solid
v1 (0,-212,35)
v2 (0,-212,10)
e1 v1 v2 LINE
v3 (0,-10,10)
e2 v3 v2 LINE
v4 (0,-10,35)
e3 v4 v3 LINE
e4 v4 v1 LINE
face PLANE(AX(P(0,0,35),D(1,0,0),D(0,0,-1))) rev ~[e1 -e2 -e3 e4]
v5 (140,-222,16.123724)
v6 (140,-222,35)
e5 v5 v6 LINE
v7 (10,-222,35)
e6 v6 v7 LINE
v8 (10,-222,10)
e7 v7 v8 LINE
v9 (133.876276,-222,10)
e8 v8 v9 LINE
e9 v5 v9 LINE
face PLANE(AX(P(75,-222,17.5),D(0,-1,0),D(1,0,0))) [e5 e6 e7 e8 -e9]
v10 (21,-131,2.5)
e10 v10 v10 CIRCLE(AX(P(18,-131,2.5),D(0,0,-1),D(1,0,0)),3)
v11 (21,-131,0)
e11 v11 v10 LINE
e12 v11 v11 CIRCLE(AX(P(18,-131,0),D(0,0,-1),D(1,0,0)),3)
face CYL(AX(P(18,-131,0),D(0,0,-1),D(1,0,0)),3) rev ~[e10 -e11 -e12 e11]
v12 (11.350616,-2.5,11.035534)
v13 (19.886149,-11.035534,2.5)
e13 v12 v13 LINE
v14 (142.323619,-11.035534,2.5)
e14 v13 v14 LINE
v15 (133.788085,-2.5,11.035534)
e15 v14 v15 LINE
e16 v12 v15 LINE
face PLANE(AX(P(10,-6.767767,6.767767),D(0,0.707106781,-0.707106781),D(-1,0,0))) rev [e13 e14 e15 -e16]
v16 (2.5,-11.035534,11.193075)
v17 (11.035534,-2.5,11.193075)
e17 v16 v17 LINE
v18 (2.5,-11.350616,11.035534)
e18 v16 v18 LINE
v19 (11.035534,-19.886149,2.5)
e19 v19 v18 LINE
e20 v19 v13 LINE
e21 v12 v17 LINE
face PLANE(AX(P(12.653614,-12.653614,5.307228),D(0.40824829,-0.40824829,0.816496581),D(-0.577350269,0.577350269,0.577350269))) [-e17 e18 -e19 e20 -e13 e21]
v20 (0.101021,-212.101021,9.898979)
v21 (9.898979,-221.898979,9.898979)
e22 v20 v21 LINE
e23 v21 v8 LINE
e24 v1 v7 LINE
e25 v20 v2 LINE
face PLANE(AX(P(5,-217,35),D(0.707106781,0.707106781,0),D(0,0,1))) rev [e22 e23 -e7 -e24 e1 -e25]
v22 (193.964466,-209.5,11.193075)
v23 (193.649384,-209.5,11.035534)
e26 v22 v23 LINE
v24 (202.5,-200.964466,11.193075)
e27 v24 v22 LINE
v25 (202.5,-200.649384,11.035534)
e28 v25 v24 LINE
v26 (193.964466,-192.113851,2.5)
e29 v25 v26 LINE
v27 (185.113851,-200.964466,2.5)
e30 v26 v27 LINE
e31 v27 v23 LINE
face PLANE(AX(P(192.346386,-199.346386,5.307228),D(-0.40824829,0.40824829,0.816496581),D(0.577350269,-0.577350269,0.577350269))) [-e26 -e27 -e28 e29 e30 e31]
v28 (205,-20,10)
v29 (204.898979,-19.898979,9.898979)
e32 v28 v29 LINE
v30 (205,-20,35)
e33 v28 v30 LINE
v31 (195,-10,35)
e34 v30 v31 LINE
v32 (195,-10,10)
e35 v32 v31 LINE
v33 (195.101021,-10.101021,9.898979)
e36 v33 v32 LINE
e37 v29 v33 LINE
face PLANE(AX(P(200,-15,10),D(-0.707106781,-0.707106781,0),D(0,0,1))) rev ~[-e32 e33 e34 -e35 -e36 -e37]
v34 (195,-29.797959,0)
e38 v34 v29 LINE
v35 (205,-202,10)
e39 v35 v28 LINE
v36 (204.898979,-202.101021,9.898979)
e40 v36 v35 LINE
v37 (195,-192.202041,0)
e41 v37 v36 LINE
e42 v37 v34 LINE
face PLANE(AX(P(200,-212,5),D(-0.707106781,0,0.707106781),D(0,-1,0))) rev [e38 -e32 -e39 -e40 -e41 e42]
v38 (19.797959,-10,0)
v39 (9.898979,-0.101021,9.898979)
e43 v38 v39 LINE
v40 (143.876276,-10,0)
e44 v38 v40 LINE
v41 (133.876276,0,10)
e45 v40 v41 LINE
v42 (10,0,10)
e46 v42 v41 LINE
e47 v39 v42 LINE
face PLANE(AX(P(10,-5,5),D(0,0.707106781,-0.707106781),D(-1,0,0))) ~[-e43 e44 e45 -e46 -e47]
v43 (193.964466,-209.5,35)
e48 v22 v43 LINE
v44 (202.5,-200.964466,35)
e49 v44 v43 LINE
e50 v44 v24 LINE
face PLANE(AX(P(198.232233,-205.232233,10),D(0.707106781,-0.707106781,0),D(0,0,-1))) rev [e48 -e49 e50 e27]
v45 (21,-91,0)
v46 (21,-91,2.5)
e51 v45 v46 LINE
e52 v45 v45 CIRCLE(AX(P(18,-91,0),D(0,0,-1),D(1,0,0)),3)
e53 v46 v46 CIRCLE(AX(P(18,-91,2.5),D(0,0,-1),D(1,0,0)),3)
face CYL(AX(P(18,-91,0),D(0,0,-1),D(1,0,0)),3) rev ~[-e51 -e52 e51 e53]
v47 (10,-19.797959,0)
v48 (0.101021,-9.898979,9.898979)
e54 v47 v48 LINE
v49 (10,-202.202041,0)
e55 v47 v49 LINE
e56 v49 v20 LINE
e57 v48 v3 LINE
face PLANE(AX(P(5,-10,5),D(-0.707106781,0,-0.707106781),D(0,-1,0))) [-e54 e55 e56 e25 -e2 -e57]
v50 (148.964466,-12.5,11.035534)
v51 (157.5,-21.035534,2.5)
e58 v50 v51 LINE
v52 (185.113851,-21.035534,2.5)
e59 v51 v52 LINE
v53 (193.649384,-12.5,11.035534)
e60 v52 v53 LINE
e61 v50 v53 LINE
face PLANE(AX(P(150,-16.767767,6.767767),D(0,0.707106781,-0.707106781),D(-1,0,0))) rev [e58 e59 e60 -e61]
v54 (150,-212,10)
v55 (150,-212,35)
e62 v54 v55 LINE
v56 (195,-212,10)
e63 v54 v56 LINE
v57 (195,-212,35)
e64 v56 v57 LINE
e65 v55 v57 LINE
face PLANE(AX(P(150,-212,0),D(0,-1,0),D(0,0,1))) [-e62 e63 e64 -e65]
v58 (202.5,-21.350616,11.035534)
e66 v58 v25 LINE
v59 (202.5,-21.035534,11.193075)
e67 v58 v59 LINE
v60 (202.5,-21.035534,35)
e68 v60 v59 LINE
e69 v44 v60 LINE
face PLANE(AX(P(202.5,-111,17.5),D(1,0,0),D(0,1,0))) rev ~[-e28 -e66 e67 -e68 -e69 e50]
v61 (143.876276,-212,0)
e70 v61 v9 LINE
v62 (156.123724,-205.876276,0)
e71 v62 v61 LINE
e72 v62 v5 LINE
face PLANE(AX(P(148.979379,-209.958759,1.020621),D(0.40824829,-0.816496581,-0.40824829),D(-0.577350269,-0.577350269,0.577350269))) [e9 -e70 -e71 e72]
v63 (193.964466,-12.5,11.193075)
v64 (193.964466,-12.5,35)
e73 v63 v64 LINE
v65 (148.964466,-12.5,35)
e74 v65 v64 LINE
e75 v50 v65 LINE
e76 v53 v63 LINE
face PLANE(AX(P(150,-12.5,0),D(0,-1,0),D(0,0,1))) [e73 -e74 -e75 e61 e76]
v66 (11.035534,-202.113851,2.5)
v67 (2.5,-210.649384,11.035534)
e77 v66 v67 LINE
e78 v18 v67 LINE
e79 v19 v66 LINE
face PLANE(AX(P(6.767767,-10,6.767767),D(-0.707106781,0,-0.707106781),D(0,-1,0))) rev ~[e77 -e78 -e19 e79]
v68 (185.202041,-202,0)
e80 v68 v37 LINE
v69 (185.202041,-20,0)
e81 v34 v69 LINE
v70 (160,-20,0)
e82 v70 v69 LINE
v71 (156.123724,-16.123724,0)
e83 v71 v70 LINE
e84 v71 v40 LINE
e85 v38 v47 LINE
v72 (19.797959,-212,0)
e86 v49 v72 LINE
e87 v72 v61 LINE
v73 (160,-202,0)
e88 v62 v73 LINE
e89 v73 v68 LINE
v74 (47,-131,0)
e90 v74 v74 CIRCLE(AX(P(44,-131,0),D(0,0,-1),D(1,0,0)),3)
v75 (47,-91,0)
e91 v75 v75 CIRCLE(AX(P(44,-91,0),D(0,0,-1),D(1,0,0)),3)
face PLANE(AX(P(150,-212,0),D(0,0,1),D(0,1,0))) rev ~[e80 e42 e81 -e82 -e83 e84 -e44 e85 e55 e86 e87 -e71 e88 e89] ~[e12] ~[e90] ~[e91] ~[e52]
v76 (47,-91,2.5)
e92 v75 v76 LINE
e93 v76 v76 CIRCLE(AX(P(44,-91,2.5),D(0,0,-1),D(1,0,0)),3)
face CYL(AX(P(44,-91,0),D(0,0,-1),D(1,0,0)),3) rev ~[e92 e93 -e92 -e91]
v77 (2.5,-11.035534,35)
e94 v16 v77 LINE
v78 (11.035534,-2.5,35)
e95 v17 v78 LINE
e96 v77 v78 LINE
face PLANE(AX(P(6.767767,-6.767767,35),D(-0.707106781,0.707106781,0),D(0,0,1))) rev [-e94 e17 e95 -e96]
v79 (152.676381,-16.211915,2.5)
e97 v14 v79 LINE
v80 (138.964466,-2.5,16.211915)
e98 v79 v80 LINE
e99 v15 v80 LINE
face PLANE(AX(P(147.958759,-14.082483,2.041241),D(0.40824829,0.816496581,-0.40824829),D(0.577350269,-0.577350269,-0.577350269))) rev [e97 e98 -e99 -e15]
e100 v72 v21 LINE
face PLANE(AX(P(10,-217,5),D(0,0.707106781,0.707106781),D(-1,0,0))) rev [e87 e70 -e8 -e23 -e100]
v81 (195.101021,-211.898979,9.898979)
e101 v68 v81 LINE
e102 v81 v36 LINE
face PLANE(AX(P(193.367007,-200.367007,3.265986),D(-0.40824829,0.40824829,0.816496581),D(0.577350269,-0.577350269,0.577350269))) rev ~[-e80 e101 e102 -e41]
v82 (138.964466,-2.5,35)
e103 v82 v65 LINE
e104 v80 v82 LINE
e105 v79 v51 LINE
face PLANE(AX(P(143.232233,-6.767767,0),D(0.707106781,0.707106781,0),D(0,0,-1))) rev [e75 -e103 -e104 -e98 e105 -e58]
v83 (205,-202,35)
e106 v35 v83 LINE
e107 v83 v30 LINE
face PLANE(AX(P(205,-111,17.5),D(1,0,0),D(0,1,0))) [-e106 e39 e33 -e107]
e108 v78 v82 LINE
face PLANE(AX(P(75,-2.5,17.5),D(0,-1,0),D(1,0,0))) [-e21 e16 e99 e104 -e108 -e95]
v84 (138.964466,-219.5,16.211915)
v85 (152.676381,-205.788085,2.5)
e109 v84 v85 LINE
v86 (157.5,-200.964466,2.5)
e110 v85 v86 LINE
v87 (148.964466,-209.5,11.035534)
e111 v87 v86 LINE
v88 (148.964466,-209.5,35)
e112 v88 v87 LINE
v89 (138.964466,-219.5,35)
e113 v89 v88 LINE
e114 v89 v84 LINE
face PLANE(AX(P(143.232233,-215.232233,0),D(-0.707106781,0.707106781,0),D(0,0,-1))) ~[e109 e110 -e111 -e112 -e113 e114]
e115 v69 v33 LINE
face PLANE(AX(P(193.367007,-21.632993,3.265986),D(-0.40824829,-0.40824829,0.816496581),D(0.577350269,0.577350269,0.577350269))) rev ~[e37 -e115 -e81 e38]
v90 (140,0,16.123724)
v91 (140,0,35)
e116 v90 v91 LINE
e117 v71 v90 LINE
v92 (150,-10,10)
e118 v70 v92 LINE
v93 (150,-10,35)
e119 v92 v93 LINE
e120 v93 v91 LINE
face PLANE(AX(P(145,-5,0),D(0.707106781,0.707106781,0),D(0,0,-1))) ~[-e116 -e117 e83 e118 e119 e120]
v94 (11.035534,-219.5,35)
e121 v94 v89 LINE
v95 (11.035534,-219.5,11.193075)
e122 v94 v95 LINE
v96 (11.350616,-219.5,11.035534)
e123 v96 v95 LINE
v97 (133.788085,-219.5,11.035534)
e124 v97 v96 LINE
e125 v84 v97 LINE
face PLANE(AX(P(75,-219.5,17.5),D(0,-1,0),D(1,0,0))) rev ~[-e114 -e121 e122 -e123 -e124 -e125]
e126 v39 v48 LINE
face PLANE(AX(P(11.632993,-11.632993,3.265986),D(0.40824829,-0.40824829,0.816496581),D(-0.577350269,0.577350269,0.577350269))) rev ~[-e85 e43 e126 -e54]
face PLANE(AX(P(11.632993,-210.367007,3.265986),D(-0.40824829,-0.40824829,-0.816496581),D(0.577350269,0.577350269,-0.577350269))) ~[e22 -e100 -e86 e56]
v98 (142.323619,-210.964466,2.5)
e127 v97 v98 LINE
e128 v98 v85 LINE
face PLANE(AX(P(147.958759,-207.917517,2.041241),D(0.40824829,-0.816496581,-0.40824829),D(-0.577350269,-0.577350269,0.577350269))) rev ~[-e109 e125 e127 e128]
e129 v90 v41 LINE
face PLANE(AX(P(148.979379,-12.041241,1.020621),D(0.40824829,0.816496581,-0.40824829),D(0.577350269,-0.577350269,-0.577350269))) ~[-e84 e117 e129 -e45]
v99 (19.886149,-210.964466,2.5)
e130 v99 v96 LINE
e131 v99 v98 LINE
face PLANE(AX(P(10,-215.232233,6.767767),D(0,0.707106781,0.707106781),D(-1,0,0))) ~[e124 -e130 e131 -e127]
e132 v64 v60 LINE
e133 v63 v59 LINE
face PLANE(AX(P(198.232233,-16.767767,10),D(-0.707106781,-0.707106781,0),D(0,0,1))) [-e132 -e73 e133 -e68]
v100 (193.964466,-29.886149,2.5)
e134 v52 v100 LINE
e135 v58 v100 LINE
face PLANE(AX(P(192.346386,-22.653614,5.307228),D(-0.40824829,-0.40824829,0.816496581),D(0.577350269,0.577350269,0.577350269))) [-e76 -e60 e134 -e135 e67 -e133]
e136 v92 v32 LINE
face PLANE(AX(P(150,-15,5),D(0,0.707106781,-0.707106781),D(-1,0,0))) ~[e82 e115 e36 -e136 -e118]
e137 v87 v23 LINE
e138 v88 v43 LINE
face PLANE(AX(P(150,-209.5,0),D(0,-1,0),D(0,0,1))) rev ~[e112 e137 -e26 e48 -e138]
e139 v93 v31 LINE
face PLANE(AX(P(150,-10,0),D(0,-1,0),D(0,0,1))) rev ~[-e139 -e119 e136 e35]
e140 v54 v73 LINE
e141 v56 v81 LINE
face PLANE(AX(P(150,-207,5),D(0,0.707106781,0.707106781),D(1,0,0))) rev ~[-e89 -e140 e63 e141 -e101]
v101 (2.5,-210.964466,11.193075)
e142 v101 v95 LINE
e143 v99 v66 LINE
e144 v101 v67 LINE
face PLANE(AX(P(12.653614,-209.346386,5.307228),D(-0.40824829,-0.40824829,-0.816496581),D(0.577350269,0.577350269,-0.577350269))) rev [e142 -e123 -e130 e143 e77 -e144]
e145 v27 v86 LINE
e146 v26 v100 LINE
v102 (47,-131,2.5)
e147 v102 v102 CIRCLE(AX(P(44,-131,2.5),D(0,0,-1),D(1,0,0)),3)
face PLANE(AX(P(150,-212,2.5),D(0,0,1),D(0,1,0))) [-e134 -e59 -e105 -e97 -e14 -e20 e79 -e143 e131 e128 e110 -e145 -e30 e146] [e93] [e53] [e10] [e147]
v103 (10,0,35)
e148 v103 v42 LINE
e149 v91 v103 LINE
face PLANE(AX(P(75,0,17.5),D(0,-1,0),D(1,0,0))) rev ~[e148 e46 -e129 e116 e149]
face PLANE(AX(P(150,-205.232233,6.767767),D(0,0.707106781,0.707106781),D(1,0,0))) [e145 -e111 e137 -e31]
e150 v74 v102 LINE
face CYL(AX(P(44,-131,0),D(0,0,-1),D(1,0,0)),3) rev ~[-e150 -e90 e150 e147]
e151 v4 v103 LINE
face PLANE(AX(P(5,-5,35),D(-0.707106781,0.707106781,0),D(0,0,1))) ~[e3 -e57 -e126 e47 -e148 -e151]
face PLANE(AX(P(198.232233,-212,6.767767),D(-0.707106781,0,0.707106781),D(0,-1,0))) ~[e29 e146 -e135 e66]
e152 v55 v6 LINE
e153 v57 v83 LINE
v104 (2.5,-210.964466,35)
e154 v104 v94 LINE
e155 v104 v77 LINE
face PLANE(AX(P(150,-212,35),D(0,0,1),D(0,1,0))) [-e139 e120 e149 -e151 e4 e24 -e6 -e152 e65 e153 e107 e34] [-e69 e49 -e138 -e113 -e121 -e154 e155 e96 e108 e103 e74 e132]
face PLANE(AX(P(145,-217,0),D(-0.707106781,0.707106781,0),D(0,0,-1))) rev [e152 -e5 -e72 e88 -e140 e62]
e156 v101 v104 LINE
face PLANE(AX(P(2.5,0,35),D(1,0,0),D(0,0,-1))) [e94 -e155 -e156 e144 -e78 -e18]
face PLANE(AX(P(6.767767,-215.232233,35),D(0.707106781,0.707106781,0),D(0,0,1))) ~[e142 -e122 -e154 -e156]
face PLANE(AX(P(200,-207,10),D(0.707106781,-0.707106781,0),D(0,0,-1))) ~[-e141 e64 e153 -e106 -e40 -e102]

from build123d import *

# Parameters (mm, degrees)
F1_DEPTH  = 222
F2_SIZE   = 10
F3_SIZE   = 10
F4_SIZE   = 8
F6_W      = 202
F6_H      = 35
F7_DEPTH  = 55
F8_SIZE   = 10
F9_SIZE   = 10
F10_SIZE  = 5
F11_SIZE  = 8
F12_T     = -2.5
F5_R      = 3
F13_DEPTH = 35.001


with BuildPart() as f1:
    # F0 (on Front) → F1 (new body)
    with BuildSketch(Plane.XZ):
        Polygon((0, 0), (10, 0), (140, 0), (150, 0), (150, 10), (150, 35), (0, 35), (0, 10), align=None)
    extrude(amount=F1_DEPTH)

    # F2
    f2_edges = [f1.edges().sort_by_distance(p)[0] for p in [
        (0, -222, 17.5),
        (150, -222, 17.5),
        (150, 0, 17.5),
        (0, 0, 17.5),
    ]]
    chamfer(f2_edges, length=F2_SIZE)

    # F3 (call 1 of 3: OpenCascade refuses the feature's edges together)
    f3_edges = [f1.edges().sort_by_distance(p)[0] for p in [
        (75, -222, 0),
    ]]
    chamfer(f3_edges, length=F3_SIZE)

    # F3#2 (call 2 of 3)
    f3_2_edges = [f1.edges().sort_by_distance(p)[0] for p in [
        (75, 0, 0),
    ]]
    chamfer(f3_2_edges, length=F3_SIZE)

    # F3#3 (call 3 of 3)
    f3_3_edges = [f1.edges().sort_by_distance(p)[0] for p in [
        (0, -111, 0),
    ]]
    chamfer(f3_3_edges, length=F3_SIZE)

    # F4
    f4_edges = [f1.edges().sort_by_distance(p)[0] for p in [
        (7.5, -214.5, 2.5),
        (7.5, -7.5, 2.5),
    ]]
    chamfer(f4_edges, length=F4_SIZE)

    # F6 (on face) → F7 (join)
    with BuildSketch(Plane.YZ.offset(150)):
        with Locations((-111, 17.5)):
            Rectangle(F6_W, F6_H)
    extrude(amount=F7_DEPTH)

    # F8
    f8_edges = [f1.edges().sort_by_distance(p)[0] for p in [
        (205, -111, 0),
        (177.5, -212, 0),
        (177.5, -10, 0),
    ]]
    chamfer(f8_edges, length=F8_SIZE)

    # F9
    f9_edges = [f1.edges().sort_by_distance(p)[0] for p in [
        (205, -212, 22.5),
        (205, -10, 22.5),
    ]]
    chamfer(f9_edges, length=F9_SIZE)

    # F10
    f10_edges = [f1.edges().sort_by_distance(p)[0] for p in [
        (145, -217, 5),
        (145, -5, 5),
    ]]
    chamfer(f10_edges, length=F10_SIZE)

    # F11
    f11_edges = [f1.edges().sort_by_distance(p)[0] for p in [
        (197.5, -17.5, 2.5),
        (197.5, -204.5, 2.5),
    ]]
    chamfer(f11_edges, length=F11_SIZE)

    # F12
    f12_openings = [f1.faces().sort_by_distance(p)[0] for p in [
        (100.529547, -111, 35),
    ]]
    offset(amount=F12_T, openings=f12_openings, kind=Kind.INTERSECTION)

    # F5 (on face) → F13 (cut, through all)
    with BuildSketch(Plane(origin=(0, 0, 0), x_dir=(1, 0, 0), z_dir=(0, 0, -1))):
        with Locations((18, 131)):
            Circle(F5_R)
        with Locations((44, 131)):
            Circle(F5_R)
        with Locations((44, 91)):
            Circle(F5_R)
        with Locations((18, 91)):
            Circle(F5_R)
    extrude(amount=-F13_DEPTH, mode=Mode.SUBTRACT)


solid = f1.part
